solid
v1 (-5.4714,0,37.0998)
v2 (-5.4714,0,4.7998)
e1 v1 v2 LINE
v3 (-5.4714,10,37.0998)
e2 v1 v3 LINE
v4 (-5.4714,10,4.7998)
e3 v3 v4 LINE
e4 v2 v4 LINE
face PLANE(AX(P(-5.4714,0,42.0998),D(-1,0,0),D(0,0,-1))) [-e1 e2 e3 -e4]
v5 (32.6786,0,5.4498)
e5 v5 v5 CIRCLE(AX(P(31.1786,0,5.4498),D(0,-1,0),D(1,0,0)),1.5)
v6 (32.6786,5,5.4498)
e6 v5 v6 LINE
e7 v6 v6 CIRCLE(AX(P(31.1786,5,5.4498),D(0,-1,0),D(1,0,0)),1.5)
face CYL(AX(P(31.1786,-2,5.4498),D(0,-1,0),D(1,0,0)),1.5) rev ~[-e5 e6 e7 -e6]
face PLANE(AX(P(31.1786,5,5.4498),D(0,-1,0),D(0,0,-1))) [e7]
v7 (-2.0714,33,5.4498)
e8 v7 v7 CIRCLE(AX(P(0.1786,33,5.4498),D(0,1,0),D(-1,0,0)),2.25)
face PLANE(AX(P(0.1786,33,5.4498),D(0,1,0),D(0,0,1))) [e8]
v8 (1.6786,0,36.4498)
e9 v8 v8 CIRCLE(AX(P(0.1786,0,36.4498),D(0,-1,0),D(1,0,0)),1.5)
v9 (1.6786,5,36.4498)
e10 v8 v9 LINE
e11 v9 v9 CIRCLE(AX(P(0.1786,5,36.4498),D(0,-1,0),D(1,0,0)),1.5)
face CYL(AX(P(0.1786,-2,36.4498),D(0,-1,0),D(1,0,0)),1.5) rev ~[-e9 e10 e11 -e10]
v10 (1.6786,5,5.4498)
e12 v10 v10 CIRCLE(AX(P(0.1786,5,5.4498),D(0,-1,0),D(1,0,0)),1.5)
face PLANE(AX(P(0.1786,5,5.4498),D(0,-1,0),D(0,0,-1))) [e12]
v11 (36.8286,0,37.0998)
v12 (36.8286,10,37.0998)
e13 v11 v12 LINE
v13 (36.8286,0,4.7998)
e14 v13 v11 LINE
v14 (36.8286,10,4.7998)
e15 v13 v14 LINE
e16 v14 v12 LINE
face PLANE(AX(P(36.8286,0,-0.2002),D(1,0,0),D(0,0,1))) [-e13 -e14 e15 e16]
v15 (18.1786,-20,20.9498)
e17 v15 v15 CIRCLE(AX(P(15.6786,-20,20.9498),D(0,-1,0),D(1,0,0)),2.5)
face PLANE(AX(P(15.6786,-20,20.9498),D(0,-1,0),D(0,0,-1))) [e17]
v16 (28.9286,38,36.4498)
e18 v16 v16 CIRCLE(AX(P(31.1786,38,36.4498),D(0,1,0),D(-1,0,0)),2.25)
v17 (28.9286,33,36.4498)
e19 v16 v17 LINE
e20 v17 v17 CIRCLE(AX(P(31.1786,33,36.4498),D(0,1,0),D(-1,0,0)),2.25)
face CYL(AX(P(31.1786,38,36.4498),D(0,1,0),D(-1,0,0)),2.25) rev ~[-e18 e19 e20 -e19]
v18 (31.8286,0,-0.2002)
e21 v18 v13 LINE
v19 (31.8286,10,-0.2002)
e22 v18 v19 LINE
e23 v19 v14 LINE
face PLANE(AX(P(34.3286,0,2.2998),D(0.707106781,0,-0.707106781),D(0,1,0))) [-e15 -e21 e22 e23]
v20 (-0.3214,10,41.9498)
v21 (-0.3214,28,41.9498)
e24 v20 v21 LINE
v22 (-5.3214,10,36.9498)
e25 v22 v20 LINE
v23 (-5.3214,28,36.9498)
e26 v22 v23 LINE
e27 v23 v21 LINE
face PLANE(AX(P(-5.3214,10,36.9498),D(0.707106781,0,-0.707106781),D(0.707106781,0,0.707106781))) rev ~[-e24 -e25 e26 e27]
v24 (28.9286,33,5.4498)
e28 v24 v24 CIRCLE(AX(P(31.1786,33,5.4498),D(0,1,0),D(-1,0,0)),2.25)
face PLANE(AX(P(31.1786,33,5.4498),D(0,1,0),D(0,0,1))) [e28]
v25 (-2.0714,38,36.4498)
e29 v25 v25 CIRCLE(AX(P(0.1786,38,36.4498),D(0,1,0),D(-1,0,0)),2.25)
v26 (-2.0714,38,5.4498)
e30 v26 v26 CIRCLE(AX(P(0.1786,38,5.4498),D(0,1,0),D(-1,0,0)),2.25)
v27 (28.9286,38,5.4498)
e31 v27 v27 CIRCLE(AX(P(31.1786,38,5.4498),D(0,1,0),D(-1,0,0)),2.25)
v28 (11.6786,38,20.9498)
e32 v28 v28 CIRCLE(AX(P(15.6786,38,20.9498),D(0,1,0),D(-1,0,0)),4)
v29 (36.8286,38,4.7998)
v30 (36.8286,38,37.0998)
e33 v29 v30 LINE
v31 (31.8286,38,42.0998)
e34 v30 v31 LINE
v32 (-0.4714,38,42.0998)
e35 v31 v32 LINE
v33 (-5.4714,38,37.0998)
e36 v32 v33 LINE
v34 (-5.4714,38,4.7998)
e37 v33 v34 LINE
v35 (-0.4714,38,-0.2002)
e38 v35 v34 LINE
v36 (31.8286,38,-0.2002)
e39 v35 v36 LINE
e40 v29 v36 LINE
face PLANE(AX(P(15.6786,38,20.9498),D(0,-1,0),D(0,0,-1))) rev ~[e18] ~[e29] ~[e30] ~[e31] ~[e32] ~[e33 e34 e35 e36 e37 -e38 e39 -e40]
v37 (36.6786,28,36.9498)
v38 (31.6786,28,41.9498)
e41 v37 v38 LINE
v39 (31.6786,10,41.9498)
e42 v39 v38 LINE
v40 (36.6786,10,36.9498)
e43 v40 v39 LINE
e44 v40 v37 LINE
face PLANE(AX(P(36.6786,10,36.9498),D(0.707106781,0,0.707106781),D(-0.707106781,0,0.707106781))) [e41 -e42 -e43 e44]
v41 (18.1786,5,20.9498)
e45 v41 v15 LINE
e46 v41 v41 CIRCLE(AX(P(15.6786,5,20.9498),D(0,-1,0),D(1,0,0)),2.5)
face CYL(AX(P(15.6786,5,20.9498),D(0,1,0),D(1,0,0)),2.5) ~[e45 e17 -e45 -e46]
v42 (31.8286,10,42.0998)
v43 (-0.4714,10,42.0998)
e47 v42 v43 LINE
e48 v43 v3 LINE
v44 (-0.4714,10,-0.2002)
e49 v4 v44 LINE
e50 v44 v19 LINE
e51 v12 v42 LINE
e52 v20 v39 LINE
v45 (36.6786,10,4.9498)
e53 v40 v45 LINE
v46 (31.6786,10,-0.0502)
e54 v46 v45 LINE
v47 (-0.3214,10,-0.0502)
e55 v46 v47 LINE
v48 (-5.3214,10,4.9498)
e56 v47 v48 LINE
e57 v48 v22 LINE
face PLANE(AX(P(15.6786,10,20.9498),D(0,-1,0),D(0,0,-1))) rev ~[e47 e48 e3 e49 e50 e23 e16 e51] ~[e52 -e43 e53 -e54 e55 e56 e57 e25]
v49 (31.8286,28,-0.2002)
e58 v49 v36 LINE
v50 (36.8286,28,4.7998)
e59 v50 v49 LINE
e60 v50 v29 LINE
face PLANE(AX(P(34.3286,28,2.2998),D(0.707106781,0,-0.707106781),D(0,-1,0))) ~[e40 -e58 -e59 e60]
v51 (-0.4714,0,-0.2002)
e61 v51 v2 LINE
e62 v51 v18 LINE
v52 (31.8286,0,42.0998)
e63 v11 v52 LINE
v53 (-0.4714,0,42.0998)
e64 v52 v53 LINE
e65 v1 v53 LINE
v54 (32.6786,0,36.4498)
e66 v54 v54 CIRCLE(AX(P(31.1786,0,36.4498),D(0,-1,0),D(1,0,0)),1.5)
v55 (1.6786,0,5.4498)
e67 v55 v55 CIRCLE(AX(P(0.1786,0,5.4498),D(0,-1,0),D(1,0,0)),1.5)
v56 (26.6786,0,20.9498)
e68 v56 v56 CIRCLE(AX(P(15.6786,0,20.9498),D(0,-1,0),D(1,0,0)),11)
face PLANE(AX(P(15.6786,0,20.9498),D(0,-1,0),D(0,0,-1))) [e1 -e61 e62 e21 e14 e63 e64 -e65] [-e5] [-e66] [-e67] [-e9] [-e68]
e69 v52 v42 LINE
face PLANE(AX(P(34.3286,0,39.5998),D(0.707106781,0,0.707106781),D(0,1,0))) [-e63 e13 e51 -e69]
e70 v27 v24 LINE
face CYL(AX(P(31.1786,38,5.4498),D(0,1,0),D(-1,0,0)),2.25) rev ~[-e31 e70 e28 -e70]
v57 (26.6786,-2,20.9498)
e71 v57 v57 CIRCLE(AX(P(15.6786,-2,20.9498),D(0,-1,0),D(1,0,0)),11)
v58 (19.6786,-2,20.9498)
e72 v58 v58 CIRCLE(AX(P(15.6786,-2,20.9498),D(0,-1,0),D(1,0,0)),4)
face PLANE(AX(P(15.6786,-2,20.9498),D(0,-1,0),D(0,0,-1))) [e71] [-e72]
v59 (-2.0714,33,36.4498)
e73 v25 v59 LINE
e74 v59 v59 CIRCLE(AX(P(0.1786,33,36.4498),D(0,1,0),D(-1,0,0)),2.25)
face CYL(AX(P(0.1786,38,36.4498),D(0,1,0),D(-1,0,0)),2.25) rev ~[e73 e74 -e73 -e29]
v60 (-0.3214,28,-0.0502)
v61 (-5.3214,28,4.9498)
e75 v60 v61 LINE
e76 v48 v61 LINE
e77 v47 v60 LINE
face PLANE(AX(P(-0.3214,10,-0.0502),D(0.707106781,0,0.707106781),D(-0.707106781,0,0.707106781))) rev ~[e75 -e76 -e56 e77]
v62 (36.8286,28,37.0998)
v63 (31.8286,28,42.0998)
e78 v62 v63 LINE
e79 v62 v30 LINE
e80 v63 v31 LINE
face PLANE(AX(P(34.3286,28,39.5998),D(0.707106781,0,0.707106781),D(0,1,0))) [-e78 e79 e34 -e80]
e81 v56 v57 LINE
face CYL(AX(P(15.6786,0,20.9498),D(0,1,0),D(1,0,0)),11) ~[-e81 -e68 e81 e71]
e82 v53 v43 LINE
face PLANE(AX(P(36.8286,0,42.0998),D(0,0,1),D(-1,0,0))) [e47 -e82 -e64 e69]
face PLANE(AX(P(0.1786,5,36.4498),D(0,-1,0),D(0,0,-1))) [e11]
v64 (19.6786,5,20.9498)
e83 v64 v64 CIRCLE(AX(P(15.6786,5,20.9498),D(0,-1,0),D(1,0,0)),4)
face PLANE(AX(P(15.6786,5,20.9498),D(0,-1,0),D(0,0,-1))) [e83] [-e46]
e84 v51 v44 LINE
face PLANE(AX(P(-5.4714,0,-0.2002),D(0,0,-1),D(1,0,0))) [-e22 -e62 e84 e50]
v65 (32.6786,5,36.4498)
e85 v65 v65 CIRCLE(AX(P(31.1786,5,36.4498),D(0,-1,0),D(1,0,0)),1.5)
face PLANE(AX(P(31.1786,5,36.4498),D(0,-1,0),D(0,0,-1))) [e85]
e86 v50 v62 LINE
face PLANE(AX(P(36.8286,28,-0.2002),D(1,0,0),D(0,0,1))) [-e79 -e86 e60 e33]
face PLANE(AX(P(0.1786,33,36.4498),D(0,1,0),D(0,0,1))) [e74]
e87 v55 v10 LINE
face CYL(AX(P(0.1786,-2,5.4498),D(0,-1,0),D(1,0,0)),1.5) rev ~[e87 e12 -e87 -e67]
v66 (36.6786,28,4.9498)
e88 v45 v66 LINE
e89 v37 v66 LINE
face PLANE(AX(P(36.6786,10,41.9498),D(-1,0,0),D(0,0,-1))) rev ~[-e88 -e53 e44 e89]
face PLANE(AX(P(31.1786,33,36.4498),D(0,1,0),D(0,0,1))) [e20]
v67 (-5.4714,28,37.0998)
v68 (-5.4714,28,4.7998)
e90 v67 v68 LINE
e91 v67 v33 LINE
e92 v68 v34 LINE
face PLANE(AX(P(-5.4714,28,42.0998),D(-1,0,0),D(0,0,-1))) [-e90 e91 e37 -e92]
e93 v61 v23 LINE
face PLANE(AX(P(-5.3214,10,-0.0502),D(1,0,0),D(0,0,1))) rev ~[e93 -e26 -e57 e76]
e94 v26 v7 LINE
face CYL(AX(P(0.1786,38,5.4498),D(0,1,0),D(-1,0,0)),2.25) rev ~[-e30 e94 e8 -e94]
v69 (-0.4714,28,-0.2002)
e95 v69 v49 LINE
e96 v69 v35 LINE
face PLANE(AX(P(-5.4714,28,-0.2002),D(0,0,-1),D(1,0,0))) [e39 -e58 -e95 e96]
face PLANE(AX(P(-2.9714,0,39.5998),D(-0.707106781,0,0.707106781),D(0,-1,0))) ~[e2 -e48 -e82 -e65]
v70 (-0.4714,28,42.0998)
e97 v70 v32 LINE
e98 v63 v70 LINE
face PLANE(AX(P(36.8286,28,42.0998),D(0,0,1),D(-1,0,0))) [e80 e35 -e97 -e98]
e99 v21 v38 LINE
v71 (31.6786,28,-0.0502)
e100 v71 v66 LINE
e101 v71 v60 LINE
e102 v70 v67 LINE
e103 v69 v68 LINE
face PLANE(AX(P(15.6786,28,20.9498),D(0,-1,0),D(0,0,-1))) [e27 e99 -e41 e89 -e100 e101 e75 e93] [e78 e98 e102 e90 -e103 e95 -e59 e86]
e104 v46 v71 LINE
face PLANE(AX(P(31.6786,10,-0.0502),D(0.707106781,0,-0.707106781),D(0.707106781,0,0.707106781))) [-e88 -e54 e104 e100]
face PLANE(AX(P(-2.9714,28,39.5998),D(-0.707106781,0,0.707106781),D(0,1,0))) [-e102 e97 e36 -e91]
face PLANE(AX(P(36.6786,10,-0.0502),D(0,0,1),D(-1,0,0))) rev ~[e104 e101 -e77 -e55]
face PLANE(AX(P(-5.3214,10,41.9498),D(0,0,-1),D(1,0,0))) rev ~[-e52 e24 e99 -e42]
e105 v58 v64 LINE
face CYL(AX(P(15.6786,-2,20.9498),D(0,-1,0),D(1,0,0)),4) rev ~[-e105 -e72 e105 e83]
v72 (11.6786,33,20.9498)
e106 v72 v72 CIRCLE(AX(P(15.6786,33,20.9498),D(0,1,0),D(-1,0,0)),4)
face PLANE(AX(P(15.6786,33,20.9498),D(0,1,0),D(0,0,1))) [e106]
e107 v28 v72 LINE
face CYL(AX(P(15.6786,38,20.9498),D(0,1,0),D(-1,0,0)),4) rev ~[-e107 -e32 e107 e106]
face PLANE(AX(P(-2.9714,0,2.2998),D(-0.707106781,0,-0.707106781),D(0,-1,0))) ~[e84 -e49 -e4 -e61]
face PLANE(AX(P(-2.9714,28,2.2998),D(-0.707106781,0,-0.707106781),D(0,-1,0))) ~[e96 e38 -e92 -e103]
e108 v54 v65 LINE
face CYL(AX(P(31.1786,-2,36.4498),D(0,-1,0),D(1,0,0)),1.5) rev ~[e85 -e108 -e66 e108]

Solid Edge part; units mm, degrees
sketch "Sketch1" plane through (0, 0, 0) normal (0, -1, 0) x (1, 0, 0)
  line L0 (-5.4714, -0.2002) -> (36.8286, -0.2002)
  line L1 (36.8286, -0.2002) -> (36.8286, 42.0998)
  line L2 (36.8286, 42.0998) -> (-5.4714, 42.0998)
  line L3 (-5.4714, 42.0998) -> (-5.4714, -0.2002)
extrude "Protrusion1" add sketch "Sketch1" against normal blind 10
sketch "Sketch2" plane through (15.6786, 0, 20.9498) normal (0, -1, 0) x (1, 0, 0)
  circle A0 centre (0, 0) radius 11
extrude "ProtrusiónExtruida_2" add sketch "Sketch2" along normal blind 2
chamfer "Chaflán_2" distance 5 angle 45 4 edges at (36.8286, 5, 42.0998) (36.8286, 5, -0.2002) (-5.4714, 5, -0.2002) (-5.4714, 5, 42.0998)
sketch "Sketch3" plane through (15.6786, -2, 20.9498) normal (0, -1, 0) x (1, 0, 0)
  circle A0 centre (0, 0) radius 4
  circle A1 centre (15.5, 15.5) radius 1.5
  circle A2 centre (-15.5, 15.5) radius 1.5
  circle A3 centre (-15.5, -15.5) radius 1.5
  circle A4 centre (15.5, -15.5) radius 1.5
extrude "VaciadoExtruido_2" cut sketch "Sketch3" against normal blind 7
sketch "Sketch4" plane through (15.6786, 5, 20.9498) normal (0, -1, 0) x (1, 0, 0)
  circle A0 centre (0, 0) radius 2.5
extrude "ProtrusiónExtruida_3" add sketch "Sketch4" along normal blind 25
sketch "Sketch5" plane through (15.6786, 10, 20.9498) normal (0, 1, 0) x (0, 0, -1)
  line L0 (-21, -21) -> (21, -21)
  line L1 (21, -21) -> (21, 21)
  line L2 (21, 21) -> (-21, 21)
  line L3 (-21, 21) -> (-21, -21)
extrude "ProtrusiónExtruida_4" add sketch "Sketch5" along normal blind 18
chamfer "Chaflán_9" distance 5 angle 45 4 edges at (-5.3214, 19, 41.9498) (36.6786, 19, 41.9498) (36.6786, 19, -0.0502) (-5.3214, 19, -0.0502)
sketch "Sketch6" plane through (15.6786, 28, 20.9498) normal (0, 1, 0) x (0, 0, -1)
  line L0 (21.15, -21.15) -> (-21.15, -21.15)
  line L1 (-21.15, -21.15) -> (-21.15, 21.15)
  line L2 (-21.15, 21.15) -> (21.15, 21.15)
  line L3 (21.15, 21.15) -> (21.15, -21.15)
extrude "ProtrusiónExtruida_5" add sketch "Sketch6" along normal blind 10
chamfer "Chaflán_10" distance 5 angle 45 4 edges at (36.8286, 33, 42.0998) (-5.4714, 33, 42.0998) (-5.4714, 33, -0.2002) (36.8286, 33, -0.2002)
sketch "Sketch7" plane through (15.6786, 38, 20.9498) normal (0, 1, 0) x (-1, 0, 0)
  circle A0 centre (0, 0) radius 4
  circle A1 centre (-15.5, 15.5) radius 2.25
  circle A2 centre (15.5, 15.5) radius 2.25
  circle A3 centre (15.5, -15.5) radius 2.25
  circle A4 centre (-15.5, -15.5) radius 2.25
extrude "VaciadoExtruido_3" cut sketch "Sketch7" against normal blind 5
